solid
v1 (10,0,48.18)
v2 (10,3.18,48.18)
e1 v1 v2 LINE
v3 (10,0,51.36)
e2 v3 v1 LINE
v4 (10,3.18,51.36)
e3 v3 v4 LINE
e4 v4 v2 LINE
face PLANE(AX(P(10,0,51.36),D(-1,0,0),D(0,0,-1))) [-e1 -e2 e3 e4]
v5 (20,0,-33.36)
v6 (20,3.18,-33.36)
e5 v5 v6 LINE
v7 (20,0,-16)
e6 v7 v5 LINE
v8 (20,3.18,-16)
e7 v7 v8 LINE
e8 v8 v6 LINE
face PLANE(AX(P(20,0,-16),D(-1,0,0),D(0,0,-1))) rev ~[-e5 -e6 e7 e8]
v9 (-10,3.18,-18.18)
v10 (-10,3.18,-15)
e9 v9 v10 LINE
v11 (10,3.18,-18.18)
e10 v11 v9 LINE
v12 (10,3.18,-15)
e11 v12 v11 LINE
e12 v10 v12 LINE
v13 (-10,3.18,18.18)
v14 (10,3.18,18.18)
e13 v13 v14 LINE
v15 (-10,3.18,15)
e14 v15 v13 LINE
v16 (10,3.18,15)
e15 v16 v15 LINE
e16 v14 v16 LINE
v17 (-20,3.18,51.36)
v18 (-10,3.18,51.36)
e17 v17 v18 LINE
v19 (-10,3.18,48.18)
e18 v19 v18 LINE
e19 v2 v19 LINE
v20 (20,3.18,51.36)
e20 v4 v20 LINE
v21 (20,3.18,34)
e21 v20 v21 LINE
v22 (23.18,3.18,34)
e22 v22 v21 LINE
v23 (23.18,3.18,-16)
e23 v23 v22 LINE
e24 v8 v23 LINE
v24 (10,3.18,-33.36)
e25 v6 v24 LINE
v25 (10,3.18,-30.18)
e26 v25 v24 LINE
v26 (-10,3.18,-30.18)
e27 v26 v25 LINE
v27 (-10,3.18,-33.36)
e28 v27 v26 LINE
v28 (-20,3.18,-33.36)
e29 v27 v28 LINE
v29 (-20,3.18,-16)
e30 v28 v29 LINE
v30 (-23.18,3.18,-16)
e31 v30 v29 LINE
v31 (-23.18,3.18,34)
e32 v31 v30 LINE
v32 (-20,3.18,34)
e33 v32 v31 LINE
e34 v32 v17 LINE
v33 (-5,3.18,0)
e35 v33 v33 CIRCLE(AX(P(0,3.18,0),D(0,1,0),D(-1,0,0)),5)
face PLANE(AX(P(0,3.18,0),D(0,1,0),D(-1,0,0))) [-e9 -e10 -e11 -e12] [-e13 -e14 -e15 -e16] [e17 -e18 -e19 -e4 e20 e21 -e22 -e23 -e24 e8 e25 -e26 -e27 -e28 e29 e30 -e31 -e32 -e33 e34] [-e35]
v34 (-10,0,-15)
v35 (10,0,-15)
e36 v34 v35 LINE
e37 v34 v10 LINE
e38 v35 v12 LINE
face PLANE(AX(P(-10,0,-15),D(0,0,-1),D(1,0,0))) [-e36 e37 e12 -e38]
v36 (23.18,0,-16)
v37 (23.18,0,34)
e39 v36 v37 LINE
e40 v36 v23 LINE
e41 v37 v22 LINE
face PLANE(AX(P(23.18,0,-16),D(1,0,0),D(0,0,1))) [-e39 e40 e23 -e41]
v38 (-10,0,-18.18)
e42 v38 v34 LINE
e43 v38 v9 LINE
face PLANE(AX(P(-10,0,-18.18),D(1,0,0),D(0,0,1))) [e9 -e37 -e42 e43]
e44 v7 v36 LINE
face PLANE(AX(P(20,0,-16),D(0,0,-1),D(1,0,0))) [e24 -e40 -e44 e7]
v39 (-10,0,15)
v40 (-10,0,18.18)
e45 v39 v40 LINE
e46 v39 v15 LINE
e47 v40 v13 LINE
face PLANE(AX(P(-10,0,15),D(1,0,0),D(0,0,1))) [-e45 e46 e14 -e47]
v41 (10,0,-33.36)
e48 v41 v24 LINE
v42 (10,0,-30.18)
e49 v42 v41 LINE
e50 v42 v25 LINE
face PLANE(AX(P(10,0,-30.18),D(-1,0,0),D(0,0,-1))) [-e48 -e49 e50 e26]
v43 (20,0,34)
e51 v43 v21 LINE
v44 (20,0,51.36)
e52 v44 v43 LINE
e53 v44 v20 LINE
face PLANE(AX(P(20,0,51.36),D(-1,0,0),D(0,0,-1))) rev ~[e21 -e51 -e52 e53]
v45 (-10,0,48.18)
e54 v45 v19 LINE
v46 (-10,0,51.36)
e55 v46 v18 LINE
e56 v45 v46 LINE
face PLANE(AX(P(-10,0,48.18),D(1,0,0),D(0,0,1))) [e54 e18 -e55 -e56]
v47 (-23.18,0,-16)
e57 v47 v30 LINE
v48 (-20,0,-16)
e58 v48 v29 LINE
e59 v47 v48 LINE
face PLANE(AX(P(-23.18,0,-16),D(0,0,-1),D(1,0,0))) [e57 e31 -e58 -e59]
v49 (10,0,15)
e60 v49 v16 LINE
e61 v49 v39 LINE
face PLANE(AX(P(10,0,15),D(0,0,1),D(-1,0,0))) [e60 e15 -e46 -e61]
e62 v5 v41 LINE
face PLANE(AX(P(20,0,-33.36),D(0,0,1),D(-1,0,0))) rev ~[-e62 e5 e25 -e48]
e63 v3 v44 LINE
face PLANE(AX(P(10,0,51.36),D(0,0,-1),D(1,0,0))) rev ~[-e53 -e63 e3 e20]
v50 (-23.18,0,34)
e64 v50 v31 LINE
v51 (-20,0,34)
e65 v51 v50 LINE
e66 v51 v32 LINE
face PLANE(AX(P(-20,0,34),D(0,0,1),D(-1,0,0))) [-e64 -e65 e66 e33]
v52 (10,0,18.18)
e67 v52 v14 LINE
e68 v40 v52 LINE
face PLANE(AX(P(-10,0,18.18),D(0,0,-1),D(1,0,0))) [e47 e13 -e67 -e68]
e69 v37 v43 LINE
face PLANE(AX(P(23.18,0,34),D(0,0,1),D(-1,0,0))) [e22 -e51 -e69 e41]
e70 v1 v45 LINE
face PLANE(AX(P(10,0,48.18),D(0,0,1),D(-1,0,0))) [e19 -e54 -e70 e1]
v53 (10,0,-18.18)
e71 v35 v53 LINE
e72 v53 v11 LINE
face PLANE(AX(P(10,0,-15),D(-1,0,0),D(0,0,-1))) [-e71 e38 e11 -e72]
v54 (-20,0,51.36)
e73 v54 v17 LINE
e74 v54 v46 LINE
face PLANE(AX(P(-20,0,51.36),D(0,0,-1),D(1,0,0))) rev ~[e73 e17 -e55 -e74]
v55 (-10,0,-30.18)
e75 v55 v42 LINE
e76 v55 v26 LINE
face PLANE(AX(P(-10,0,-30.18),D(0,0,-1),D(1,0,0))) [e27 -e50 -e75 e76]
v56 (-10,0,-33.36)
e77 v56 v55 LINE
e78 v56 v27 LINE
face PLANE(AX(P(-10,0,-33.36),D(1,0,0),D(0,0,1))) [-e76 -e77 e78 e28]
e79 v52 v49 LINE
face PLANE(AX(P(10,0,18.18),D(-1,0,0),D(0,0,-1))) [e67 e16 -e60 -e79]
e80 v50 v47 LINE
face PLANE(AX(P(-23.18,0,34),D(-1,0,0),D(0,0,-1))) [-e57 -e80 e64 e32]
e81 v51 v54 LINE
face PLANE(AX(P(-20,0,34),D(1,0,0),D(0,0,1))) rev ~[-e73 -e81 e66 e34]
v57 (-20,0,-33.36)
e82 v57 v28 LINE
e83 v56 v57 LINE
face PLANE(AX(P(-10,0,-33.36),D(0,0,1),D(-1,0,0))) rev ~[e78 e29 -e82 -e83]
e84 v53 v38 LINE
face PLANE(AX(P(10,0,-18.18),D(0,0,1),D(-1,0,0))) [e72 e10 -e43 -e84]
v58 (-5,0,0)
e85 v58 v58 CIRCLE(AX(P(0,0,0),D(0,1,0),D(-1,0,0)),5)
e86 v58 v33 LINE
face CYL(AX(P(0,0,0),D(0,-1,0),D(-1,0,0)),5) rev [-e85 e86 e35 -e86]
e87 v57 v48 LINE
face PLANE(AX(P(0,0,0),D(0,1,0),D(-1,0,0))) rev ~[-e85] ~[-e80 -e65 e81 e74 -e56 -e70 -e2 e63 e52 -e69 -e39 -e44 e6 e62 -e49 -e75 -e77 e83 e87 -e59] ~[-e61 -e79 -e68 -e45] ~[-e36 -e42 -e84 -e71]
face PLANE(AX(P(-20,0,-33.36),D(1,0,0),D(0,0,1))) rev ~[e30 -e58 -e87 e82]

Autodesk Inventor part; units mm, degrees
ref_plane "YZ Plane" through (0, 0, 0) normal (1, 0, 0) x (0, 1, 0)
ref_plane "XZ Plane" through (0, 0, 0) normal (0, 1, 0) x (-1, 0, 0)
ref_plane "XY Plane" through (0, 0, 0) normal (0, 0, 1) x (1, 0, 0)
sketch "Boceto1" plane through (0, 0, 0) normal (0, 1, 0) x (-1, 0, 0)
  circle A0 centre (0, 0) radius 5
  line L0 (20, 51.36) -> (-20, 51.36)
  line L1 (-20, 51.36) -> (-20, -33.36)
  line L2 (-20, -33.36) -> (20, -33.36)
  line L3 (20, -33.36) -> (20, 51.36)
  line L4 (10, -15) -> (-10, -15)
  line L5 (-10, -15) -> (-10, -18.18)
  line L6 (-10, -18.18) -> (10, -18.18)
  line L7 (10, -18.18) -> (10, -15)
  line L8 (10, -15) -> (-10, -18.18) construction
  line L9 (-10, -15) -> (10, -18.18) construction
  line L10 (10, -30.18) -> (-10, -30.18)
  line L11 (-10, -30.18) -> (-10, -33.36)
  line L12 (-10, -33.36) -> (10, -33.36)
  line L13 (10, -33.36) -> (10, -30.18)
  line L14 (10, -30.18) -> (-10, -33.36) construction
  line L15 (-10, -30.18) -> (10, -33.36) construction
  line L16 (10, 18.18) -> (-10, 18.18)
  line L17 (-10, 18.18) -> (-10, 15)
  line L18 (-10, 15) -> (10, 15)
  line L19 (10, 15) -> (10, 18.18)
  line L20 (10, 18.18) -> (-10, 15) construction
  line L21 (-10, 18.18) -> (10, 15) construction
  line L22 (10, 51.36) -> (-10, 51.36)
  line L23 (-10, 51.36) -> (-10, 48.18)
  line L24 (-10, 48.18) -> (10, 48.18)
  line L25 (10, 48.18) -> (10, 51.36)
  line L26 (10, 51.36) -> (-10, 48.18) construction
  line L27 (-10, 51.36) -> (10, 48.18) construction
  line L28 (-23.18, 34) -> (-20, 34)
  line L29 (-20, 34) -> (-20, -16)
  line L30 (-20, -16) -> (-23.18, -16)
  line L31 (-23.18, -16) -> (-23.18, 34)
  line L32 (-23.18, 34) -> (-20, -16) construction
  line L33 (-20, 34) -> (-23.18, -16) construction
  line L34 (20, 34) -> (23.18, 34)
  line L35 (23.18, 34) -> (23.18, -16)
  line L36 (23.18, -16) -> (20, -16)
  line L37 (20, -16) -> (20, 34)
  line L38 (20, 34) -> (23.18, -16) construction
  line L39 (23.18, 34) -> (20, -16) construction
  point P0 (0, -16.59)
  point P1 (0, -31.77)
  point P2 (0, 16.59)
  point P3 (0, 49.77)
  point P4 (-21.59, 9)
  point P5 (21.59, 9)
  dimension "d0" = 10
  dimension "d1" = 40
  dimension "d2" = 20
  dimension "d3" = 33.36
  dimension "d5" = 0
  dimension "d6" = 3.18
  dimension "d7" = 20
  dimension "d8" = 3.18
  dimension "d9" = 20
  dimension "d10" = 0
  dimension "d11" = 12
  dimension "d12" = 3.18
  dimension "d13" = 20
  dimension "d14" = 3.18
  dimension "d15" = 20
  dimension "d16" = 0
  dimension "d17" = 0
  dimension "d18" = 30
  dimension "d19" = 30
  dimension "d20" = 3.18
  dimension "d21" = 50
  dimension "d22" = 42.36
  dimension "d23" = 3.18
  dimension "d24" = 50
  dimension "d25" = 42.36
extrude "Extrusión2" add sketch "Boceto1" along normal blind 3.18 contours L3 L2 L13 L10 L11 L1 L0 L23 L24 L25 | L34 L35 L36 L3 | L1 L30 L31 L28
properties part number "HOMBRO_FONDO"
